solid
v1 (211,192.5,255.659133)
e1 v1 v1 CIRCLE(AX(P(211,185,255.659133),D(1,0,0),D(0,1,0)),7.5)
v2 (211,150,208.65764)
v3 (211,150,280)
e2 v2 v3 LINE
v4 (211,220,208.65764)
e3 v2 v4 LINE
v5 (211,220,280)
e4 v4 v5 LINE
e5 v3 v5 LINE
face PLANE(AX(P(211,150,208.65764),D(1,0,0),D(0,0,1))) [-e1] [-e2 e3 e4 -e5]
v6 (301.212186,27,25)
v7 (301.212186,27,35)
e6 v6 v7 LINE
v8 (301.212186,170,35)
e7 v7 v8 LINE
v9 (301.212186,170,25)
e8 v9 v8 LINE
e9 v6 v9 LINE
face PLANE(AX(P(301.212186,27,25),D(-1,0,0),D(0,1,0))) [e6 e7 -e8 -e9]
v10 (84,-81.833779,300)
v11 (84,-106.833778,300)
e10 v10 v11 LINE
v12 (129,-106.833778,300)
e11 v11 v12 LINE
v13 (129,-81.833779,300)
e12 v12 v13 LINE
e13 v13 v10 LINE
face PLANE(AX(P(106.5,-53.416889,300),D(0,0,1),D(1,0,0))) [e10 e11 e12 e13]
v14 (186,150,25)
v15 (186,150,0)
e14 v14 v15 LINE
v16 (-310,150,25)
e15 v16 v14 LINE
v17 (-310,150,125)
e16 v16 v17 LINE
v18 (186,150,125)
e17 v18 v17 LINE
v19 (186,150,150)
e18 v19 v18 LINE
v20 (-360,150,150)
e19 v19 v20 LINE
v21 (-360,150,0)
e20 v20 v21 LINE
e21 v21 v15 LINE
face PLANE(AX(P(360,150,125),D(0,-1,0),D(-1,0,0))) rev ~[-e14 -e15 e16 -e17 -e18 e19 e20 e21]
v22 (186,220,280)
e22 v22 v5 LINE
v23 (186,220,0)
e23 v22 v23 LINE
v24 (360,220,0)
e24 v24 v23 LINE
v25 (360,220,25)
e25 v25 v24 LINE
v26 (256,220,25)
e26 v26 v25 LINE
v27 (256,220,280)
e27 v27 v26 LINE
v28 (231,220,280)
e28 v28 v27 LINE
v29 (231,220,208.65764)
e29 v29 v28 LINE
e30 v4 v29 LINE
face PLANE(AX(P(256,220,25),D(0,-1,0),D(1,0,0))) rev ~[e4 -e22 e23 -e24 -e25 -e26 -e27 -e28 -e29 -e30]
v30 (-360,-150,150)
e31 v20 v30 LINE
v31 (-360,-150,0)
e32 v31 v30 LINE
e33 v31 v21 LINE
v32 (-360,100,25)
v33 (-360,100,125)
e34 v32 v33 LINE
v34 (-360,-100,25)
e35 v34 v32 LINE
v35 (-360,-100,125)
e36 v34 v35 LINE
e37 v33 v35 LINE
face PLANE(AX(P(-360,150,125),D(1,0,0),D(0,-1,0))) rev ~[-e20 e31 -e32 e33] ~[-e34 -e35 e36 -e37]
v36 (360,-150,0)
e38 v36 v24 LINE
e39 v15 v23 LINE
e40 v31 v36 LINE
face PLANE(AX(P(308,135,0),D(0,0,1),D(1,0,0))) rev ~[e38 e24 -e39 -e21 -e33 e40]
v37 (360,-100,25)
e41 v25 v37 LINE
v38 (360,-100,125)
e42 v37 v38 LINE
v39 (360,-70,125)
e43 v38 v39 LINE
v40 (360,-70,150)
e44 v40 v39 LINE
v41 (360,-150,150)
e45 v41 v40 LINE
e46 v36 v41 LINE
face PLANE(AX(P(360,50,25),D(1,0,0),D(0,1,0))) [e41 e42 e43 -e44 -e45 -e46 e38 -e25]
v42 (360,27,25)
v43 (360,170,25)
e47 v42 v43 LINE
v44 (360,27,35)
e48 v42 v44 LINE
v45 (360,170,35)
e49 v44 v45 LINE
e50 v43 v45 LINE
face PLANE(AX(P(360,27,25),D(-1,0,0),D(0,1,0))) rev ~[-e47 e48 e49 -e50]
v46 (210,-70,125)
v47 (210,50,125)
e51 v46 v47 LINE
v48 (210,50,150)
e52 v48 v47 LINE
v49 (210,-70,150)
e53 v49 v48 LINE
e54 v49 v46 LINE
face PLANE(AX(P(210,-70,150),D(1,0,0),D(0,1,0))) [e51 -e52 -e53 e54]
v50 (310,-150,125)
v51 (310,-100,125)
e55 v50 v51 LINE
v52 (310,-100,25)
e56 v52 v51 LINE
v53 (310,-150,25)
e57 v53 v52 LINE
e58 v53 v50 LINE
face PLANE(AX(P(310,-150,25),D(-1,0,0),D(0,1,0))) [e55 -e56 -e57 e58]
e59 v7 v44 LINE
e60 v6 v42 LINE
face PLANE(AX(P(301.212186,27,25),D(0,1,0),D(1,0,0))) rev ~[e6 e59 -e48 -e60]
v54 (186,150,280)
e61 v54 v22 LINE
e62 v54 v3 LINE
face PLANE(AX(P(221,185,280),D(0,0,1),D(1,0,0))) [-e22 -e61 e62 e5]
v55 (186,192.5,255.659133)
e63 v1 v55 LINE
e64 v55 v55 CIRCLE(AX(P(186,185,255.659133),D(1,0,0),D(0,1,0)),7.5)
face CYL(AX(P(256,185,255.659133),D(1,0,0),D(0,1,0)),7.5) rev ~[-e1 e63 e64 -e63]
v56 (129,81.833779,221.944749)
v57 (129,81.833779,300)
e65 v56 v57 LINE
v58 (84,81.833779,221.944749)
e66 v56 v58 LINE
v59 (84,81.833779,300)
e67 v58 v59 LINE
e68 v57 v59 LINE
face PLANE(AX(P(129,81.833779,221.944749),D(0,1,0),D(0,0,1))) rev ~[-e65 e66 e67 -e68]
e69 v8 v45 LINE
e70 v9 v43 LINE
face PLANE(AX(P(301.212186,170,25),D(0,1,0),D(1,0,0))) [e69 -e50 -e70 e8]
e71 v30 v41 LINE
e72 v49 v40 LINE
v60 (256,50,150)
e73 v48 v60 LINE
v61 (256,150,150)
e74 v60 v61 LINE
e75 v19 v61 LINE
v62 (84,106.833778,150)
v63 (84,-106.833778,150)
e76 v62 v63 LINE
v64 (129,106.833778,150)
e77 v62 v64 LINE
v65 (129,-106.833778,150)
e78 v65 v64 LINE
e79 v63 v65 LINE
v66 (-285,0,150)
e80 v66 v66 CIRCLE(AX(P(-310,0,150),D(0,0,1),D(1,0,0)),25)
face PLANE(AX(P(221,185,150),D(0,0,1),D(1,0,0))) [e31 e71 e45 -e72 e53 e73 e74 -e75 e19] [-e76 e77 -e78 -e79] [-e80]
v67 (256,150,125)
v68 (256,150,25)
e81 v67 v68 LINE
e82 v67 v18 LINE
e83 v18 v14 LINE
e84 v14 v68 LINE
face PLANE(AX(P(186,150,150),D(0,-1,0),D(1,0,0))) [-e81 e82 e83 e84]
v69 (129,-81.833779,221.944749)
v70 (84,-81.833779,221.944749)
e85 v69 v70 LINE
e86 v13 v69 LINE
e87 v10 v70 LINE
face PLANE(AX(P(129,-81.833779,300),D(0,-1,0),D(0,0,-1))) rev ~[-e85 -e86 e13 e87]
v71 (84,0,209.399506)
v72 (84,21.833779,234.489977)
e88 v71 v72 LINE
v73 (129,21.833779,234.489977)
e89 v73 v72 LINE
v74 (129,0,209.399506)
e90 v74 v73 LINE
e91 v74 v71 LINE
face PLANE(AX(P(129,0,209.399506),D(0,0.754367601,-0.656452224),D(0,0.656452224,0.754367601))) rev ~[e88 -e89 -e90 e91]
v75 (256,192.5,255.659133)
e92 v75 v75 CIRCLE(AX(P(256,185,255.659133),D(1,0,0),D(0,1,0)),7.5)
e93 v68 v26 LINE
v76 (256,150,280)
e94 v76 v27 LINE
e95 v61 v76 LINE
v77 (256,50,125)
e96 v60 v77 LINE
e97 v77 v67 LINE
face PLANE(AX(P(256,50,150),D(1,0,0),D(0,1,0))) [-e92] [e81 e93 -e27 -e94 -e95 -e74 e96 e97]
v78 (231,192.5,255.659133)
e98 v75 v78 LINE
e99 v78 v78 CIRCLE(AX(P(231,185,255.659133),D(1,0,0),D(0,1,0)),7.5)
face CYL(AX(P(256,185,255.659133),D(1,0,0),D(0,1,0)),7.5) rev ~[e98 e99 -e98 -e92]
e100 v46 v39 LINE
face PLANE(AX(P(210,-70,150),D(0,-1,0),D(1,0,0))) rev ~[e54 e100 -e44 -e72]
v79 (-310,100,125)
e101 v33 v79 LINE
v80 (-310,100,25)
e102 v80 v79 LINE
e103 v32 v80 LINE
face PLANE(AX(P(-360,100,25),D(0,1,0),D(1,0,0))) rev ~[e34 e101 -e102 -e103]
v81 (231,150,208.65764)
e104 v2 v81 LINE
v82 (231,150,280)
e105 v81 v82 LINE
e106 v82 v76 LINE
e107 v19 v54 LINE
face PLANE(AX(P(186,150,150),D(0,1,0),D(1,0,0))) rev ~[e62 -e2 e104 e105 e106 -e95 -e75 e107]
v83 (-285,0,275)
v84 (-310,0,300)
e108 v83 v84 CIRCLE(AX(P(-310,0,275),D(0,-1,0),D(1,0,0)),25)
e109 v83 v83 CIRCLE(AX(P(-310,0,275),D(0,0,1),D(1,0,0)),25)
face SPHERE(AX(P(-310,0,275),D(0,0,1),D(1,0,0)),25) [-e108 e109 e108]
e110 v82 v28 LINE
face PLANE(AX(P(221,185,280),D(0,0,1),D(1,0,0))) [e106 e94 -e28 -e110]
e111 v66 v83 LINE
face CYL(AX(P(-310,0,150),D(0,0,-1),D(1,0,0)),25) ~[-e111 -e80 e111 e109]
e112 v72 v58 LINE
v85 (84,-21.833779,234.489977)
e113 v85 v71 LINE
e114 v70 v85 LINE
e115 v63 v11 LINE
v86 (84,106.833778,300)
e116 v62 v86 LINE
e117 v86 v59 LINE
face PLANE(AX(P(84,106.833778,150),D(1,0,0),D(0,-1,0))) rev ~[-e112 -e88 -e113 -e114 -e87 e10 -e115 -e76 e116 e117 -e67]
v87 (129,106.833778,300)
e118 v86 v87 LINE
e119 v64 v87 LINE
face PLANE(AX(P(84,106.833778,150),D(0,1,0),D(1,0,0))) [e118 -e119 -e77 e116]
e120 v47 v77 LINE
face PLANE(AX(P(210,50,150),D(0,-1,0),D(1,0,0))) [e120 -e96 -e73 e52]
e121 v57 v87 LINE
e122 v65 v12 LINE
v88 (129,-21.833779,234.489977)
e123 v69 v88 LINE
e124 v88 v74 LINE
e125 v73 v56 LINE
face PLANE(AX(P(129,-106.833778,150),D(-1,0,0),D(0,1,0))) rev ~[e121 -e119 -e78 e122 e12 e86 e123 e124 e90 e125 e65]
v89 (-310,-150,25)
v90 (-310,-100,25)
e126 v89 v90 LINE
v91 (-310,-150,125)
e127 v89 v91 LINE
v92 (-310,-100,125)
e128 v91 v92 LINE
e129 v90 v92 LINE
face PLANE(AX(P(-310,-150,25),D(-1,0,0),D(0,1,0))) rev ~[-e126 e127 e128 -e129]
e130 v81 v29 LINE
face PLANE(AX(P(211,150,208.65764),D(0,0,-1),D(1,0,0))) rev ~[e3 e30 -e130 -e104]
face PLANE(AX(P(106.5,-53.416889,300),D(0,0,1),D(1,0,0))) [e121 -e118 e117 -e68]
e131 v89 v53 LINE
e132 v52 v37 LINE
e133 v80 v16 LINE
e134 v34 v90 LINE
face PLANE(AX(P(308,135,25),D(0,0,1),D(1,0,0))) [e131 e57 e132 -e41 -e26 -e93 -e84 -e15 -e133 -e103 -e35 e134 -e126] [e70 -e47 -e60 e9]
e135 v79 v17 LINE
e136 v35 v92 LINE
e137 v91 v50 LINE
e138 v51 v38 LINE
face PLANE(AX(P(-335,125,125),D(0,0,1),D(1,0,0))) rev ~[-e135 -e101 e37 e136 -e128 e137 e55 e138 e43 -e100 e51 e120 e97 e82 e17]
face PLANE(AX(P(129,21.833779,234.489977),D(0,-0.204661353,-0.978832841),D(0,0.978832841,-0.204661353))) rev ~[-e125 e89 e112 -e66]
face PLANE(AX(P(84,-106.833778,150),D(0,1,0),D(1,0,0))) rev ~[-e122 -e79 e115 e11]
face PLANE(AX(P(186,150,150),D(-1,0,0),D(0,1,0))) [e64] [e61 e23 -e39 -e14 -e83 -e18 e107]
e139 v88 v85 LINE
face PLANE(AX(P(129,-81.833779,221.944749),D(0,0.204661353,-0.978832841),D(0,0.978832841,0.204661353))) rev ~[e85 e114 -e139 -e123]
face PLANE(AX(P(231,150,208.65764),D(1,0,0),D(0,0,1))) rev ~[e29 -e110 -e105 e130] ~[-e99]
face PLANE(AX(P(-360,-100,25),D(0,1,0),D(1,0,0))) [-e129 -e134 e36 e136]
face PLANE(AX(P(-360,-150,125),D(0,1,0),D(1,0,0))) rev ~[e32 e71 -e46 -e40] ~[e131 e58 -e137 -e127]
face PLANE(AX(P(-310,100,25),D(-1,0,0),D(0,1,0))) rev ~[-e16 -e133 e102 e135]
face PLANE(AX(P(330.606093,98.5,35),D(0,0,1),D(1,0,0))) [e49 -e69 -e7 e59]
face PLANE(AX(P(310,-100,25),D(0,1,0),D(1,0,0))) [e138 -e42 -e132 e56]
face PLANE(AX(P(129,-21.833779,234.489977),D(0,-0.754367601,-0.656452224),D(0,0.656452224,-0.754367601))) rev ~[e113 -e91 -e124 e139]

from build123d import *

# Parameters (mm, degrees)
F0_W      = 720
F0_H      = 300
F1_DEPTH  = 25
F2_W      = 50
F2_H      = 50
F3_DEPTH  = 100
F4_W      = 50
F4_H      = 50
F5_DEPTH  = 100
F6_W      = 50
F6_H      = 50
F7_DEPTH  = 25
F8_R      = 25
F9_DEPTH  = 150
F10_W     = 45
F10_H     = 106.833779
F11_DEPTH = 150
F13_DEPTH = 50
F14_W     = 70
F14_H     = 70
F15_DEPTH = 150
F16_DEPTH = 130
F17_R     = 25
F18_W     = 150
F18_H     = 120
F19_DEPTH = 25
F20_W     = 104
F20_H     = 100
F21_DEPTH = 150
F22_W     = 104
F22_H     = 170
F23_DEPTH = 25
F24_W     = 20
F24_H     = 71.34236
F25_DEPTH = 80
F26_R     = 7.5
F27_DEPTH = 616.001
F28_W     = 58.787813
F28_H     = 143
F29_DEPTH = 10


with BuildPart() as f1:
    # F0 (on Top) → F1 (new body)
    with BuildSketch(Plane.XY):
        Rectangle(F0_W, F0_H)
    extrude(amount=F1_DEPTH)

    # F2 (on face) → F3 (join)
    with BuildSketch(Plane.XY.offset(25)):
        with Locations((-335, -125)):
            Rectangle(F2_W, F2_H)
    extrude(amount=F3_DEPTH)

    # F4 (on face) → F5 (join)
    with BuildSketch(Plane.XY.offset(25)):
        with Locations((335, -125)):
            Rectangle(F4_W, F4_H)
        with Locations((-335, 125)):
            Rectangle(F4_W, F4_H)
        with Locations((335, 125)):
            Rectangle(F4_W, F4_H)
    extrude(amount=F5_DEPTH)

    # F6 (on face) → F7 (join)
    with BuildSketch(Plane.XY.offset(125)):
        with Locations((-335, 125)):
            Rectangle(F6_W, F6_H)
        Polygon((360, 150), (-310, 150), (-310, 100), (-360, 100), (-360, -150), (360, -150), align=None)
    extrude(amount=F7_DEPTH)

    # F8 (on face) → F9 (join)
    with BuildSketch(Plane.XY.offset(150)):
        with Locations((-310, 0)):
            Circle(F8_R)
    extrude(amount=F9_DEPTH)

    # F10 (on face) → F11 (join)
    with BuildSketch(Plane.XY.offset(150)):
        with Locations((106.5, -53.416889)):
            Rectangle(F10_W, F10_H)
        with Locations((106.5, 53.416889)):
            Rectangle(F10_W, F10_H)
    extrude(amount=F11_DEPTH)

    # F12 (on face) → F13 (cut)
    with BuildSketch(Plane.YZ.offset(129)):
        Polygon((81.833779, 300), (-81.833779, 300), (-81.833779, 221.944749), (-21.833779, 234.489977), (0, 209.399506), (21.833779, 234.489977), (81.833779, 221.944749), align=None)
    extrude(amount=-F13_DEPTH, mode=Mode.SUBTRACT)

    # F14 (on face) → F15 (join)
    with BuildSketch(Plane.XY.offset(150)):
        with Locations((221, 185)):
            Rectangle(F14_W, F14_H)
    extrude(amount=-F15_DEPTH)

    # F14 (on face) → F16 (join)
    with BuildSketch(Plane.XY.offset(150)):
        with Locations((221, 185)):
            Rectangle(F14_W, F14_H)
    extrude(amount=F16_DEPTH)

    # F17
    f17_edges = [f1.edges().sort_by_distance(p)[0] for p in [
        (-335, 0, 300),
    ]]
    fillet(f17_edges, radius=F17_R)

    # F18 (on face) → F19 (cut)
    with BuildSketch(Plane.XY.offset(150)):
        with Locations((285, -10)):
            Rectangle(F18_W, F18_H)
    extrude(amount=-F19_DEPTH, mode=Mode.SUBTRACT)

    # F20 (on face) → F21 (cut)
    with BuildSketch(Plane.XY.offset(150)):
        with Locations((308, 100)):
            Rectangle(F20_W, F20_H)
    extrude(amount=-F21_DEPTH, mode=Mode.SUBTRACT)

    # F22 (on face) → F23 (join)
    with BuildSketch(Plane.XY.offset(25)):
        with Locations((308, 135)):
            Rectangle(F22_W, F22_H)
    extrude(amount=-F23_DEPTH)

    # F24 (on face) → F25 (cut)
    with BuildSketch(Plane.XZ.offset(-150)):
        with Locations((221, 244.32882)):
            Rectangle(F24_W, F24_H)
    extrude(amount=-F25_DEPTH, mode=Mode.SUBTRACT)

    # F26 (on face) → F27 (cut, through all)
    with BuildSketch(Plane.YZ.offset(256)):
        with Locations((185, 255.659133)):
            Circle(F26_R)
    extrude(amount=-F27_DEPTH, mode=Mode.SUBTRACT)

    # F28 (on face) → F29 (join)
    with BuildSketch(Plane.XY.offset(25)):
        with Locations((330.606093, 98.5)):
            Rectangle(F28_W, F28_H)
    extrude(amount=F29_DEPTH)


solid = f1.part
